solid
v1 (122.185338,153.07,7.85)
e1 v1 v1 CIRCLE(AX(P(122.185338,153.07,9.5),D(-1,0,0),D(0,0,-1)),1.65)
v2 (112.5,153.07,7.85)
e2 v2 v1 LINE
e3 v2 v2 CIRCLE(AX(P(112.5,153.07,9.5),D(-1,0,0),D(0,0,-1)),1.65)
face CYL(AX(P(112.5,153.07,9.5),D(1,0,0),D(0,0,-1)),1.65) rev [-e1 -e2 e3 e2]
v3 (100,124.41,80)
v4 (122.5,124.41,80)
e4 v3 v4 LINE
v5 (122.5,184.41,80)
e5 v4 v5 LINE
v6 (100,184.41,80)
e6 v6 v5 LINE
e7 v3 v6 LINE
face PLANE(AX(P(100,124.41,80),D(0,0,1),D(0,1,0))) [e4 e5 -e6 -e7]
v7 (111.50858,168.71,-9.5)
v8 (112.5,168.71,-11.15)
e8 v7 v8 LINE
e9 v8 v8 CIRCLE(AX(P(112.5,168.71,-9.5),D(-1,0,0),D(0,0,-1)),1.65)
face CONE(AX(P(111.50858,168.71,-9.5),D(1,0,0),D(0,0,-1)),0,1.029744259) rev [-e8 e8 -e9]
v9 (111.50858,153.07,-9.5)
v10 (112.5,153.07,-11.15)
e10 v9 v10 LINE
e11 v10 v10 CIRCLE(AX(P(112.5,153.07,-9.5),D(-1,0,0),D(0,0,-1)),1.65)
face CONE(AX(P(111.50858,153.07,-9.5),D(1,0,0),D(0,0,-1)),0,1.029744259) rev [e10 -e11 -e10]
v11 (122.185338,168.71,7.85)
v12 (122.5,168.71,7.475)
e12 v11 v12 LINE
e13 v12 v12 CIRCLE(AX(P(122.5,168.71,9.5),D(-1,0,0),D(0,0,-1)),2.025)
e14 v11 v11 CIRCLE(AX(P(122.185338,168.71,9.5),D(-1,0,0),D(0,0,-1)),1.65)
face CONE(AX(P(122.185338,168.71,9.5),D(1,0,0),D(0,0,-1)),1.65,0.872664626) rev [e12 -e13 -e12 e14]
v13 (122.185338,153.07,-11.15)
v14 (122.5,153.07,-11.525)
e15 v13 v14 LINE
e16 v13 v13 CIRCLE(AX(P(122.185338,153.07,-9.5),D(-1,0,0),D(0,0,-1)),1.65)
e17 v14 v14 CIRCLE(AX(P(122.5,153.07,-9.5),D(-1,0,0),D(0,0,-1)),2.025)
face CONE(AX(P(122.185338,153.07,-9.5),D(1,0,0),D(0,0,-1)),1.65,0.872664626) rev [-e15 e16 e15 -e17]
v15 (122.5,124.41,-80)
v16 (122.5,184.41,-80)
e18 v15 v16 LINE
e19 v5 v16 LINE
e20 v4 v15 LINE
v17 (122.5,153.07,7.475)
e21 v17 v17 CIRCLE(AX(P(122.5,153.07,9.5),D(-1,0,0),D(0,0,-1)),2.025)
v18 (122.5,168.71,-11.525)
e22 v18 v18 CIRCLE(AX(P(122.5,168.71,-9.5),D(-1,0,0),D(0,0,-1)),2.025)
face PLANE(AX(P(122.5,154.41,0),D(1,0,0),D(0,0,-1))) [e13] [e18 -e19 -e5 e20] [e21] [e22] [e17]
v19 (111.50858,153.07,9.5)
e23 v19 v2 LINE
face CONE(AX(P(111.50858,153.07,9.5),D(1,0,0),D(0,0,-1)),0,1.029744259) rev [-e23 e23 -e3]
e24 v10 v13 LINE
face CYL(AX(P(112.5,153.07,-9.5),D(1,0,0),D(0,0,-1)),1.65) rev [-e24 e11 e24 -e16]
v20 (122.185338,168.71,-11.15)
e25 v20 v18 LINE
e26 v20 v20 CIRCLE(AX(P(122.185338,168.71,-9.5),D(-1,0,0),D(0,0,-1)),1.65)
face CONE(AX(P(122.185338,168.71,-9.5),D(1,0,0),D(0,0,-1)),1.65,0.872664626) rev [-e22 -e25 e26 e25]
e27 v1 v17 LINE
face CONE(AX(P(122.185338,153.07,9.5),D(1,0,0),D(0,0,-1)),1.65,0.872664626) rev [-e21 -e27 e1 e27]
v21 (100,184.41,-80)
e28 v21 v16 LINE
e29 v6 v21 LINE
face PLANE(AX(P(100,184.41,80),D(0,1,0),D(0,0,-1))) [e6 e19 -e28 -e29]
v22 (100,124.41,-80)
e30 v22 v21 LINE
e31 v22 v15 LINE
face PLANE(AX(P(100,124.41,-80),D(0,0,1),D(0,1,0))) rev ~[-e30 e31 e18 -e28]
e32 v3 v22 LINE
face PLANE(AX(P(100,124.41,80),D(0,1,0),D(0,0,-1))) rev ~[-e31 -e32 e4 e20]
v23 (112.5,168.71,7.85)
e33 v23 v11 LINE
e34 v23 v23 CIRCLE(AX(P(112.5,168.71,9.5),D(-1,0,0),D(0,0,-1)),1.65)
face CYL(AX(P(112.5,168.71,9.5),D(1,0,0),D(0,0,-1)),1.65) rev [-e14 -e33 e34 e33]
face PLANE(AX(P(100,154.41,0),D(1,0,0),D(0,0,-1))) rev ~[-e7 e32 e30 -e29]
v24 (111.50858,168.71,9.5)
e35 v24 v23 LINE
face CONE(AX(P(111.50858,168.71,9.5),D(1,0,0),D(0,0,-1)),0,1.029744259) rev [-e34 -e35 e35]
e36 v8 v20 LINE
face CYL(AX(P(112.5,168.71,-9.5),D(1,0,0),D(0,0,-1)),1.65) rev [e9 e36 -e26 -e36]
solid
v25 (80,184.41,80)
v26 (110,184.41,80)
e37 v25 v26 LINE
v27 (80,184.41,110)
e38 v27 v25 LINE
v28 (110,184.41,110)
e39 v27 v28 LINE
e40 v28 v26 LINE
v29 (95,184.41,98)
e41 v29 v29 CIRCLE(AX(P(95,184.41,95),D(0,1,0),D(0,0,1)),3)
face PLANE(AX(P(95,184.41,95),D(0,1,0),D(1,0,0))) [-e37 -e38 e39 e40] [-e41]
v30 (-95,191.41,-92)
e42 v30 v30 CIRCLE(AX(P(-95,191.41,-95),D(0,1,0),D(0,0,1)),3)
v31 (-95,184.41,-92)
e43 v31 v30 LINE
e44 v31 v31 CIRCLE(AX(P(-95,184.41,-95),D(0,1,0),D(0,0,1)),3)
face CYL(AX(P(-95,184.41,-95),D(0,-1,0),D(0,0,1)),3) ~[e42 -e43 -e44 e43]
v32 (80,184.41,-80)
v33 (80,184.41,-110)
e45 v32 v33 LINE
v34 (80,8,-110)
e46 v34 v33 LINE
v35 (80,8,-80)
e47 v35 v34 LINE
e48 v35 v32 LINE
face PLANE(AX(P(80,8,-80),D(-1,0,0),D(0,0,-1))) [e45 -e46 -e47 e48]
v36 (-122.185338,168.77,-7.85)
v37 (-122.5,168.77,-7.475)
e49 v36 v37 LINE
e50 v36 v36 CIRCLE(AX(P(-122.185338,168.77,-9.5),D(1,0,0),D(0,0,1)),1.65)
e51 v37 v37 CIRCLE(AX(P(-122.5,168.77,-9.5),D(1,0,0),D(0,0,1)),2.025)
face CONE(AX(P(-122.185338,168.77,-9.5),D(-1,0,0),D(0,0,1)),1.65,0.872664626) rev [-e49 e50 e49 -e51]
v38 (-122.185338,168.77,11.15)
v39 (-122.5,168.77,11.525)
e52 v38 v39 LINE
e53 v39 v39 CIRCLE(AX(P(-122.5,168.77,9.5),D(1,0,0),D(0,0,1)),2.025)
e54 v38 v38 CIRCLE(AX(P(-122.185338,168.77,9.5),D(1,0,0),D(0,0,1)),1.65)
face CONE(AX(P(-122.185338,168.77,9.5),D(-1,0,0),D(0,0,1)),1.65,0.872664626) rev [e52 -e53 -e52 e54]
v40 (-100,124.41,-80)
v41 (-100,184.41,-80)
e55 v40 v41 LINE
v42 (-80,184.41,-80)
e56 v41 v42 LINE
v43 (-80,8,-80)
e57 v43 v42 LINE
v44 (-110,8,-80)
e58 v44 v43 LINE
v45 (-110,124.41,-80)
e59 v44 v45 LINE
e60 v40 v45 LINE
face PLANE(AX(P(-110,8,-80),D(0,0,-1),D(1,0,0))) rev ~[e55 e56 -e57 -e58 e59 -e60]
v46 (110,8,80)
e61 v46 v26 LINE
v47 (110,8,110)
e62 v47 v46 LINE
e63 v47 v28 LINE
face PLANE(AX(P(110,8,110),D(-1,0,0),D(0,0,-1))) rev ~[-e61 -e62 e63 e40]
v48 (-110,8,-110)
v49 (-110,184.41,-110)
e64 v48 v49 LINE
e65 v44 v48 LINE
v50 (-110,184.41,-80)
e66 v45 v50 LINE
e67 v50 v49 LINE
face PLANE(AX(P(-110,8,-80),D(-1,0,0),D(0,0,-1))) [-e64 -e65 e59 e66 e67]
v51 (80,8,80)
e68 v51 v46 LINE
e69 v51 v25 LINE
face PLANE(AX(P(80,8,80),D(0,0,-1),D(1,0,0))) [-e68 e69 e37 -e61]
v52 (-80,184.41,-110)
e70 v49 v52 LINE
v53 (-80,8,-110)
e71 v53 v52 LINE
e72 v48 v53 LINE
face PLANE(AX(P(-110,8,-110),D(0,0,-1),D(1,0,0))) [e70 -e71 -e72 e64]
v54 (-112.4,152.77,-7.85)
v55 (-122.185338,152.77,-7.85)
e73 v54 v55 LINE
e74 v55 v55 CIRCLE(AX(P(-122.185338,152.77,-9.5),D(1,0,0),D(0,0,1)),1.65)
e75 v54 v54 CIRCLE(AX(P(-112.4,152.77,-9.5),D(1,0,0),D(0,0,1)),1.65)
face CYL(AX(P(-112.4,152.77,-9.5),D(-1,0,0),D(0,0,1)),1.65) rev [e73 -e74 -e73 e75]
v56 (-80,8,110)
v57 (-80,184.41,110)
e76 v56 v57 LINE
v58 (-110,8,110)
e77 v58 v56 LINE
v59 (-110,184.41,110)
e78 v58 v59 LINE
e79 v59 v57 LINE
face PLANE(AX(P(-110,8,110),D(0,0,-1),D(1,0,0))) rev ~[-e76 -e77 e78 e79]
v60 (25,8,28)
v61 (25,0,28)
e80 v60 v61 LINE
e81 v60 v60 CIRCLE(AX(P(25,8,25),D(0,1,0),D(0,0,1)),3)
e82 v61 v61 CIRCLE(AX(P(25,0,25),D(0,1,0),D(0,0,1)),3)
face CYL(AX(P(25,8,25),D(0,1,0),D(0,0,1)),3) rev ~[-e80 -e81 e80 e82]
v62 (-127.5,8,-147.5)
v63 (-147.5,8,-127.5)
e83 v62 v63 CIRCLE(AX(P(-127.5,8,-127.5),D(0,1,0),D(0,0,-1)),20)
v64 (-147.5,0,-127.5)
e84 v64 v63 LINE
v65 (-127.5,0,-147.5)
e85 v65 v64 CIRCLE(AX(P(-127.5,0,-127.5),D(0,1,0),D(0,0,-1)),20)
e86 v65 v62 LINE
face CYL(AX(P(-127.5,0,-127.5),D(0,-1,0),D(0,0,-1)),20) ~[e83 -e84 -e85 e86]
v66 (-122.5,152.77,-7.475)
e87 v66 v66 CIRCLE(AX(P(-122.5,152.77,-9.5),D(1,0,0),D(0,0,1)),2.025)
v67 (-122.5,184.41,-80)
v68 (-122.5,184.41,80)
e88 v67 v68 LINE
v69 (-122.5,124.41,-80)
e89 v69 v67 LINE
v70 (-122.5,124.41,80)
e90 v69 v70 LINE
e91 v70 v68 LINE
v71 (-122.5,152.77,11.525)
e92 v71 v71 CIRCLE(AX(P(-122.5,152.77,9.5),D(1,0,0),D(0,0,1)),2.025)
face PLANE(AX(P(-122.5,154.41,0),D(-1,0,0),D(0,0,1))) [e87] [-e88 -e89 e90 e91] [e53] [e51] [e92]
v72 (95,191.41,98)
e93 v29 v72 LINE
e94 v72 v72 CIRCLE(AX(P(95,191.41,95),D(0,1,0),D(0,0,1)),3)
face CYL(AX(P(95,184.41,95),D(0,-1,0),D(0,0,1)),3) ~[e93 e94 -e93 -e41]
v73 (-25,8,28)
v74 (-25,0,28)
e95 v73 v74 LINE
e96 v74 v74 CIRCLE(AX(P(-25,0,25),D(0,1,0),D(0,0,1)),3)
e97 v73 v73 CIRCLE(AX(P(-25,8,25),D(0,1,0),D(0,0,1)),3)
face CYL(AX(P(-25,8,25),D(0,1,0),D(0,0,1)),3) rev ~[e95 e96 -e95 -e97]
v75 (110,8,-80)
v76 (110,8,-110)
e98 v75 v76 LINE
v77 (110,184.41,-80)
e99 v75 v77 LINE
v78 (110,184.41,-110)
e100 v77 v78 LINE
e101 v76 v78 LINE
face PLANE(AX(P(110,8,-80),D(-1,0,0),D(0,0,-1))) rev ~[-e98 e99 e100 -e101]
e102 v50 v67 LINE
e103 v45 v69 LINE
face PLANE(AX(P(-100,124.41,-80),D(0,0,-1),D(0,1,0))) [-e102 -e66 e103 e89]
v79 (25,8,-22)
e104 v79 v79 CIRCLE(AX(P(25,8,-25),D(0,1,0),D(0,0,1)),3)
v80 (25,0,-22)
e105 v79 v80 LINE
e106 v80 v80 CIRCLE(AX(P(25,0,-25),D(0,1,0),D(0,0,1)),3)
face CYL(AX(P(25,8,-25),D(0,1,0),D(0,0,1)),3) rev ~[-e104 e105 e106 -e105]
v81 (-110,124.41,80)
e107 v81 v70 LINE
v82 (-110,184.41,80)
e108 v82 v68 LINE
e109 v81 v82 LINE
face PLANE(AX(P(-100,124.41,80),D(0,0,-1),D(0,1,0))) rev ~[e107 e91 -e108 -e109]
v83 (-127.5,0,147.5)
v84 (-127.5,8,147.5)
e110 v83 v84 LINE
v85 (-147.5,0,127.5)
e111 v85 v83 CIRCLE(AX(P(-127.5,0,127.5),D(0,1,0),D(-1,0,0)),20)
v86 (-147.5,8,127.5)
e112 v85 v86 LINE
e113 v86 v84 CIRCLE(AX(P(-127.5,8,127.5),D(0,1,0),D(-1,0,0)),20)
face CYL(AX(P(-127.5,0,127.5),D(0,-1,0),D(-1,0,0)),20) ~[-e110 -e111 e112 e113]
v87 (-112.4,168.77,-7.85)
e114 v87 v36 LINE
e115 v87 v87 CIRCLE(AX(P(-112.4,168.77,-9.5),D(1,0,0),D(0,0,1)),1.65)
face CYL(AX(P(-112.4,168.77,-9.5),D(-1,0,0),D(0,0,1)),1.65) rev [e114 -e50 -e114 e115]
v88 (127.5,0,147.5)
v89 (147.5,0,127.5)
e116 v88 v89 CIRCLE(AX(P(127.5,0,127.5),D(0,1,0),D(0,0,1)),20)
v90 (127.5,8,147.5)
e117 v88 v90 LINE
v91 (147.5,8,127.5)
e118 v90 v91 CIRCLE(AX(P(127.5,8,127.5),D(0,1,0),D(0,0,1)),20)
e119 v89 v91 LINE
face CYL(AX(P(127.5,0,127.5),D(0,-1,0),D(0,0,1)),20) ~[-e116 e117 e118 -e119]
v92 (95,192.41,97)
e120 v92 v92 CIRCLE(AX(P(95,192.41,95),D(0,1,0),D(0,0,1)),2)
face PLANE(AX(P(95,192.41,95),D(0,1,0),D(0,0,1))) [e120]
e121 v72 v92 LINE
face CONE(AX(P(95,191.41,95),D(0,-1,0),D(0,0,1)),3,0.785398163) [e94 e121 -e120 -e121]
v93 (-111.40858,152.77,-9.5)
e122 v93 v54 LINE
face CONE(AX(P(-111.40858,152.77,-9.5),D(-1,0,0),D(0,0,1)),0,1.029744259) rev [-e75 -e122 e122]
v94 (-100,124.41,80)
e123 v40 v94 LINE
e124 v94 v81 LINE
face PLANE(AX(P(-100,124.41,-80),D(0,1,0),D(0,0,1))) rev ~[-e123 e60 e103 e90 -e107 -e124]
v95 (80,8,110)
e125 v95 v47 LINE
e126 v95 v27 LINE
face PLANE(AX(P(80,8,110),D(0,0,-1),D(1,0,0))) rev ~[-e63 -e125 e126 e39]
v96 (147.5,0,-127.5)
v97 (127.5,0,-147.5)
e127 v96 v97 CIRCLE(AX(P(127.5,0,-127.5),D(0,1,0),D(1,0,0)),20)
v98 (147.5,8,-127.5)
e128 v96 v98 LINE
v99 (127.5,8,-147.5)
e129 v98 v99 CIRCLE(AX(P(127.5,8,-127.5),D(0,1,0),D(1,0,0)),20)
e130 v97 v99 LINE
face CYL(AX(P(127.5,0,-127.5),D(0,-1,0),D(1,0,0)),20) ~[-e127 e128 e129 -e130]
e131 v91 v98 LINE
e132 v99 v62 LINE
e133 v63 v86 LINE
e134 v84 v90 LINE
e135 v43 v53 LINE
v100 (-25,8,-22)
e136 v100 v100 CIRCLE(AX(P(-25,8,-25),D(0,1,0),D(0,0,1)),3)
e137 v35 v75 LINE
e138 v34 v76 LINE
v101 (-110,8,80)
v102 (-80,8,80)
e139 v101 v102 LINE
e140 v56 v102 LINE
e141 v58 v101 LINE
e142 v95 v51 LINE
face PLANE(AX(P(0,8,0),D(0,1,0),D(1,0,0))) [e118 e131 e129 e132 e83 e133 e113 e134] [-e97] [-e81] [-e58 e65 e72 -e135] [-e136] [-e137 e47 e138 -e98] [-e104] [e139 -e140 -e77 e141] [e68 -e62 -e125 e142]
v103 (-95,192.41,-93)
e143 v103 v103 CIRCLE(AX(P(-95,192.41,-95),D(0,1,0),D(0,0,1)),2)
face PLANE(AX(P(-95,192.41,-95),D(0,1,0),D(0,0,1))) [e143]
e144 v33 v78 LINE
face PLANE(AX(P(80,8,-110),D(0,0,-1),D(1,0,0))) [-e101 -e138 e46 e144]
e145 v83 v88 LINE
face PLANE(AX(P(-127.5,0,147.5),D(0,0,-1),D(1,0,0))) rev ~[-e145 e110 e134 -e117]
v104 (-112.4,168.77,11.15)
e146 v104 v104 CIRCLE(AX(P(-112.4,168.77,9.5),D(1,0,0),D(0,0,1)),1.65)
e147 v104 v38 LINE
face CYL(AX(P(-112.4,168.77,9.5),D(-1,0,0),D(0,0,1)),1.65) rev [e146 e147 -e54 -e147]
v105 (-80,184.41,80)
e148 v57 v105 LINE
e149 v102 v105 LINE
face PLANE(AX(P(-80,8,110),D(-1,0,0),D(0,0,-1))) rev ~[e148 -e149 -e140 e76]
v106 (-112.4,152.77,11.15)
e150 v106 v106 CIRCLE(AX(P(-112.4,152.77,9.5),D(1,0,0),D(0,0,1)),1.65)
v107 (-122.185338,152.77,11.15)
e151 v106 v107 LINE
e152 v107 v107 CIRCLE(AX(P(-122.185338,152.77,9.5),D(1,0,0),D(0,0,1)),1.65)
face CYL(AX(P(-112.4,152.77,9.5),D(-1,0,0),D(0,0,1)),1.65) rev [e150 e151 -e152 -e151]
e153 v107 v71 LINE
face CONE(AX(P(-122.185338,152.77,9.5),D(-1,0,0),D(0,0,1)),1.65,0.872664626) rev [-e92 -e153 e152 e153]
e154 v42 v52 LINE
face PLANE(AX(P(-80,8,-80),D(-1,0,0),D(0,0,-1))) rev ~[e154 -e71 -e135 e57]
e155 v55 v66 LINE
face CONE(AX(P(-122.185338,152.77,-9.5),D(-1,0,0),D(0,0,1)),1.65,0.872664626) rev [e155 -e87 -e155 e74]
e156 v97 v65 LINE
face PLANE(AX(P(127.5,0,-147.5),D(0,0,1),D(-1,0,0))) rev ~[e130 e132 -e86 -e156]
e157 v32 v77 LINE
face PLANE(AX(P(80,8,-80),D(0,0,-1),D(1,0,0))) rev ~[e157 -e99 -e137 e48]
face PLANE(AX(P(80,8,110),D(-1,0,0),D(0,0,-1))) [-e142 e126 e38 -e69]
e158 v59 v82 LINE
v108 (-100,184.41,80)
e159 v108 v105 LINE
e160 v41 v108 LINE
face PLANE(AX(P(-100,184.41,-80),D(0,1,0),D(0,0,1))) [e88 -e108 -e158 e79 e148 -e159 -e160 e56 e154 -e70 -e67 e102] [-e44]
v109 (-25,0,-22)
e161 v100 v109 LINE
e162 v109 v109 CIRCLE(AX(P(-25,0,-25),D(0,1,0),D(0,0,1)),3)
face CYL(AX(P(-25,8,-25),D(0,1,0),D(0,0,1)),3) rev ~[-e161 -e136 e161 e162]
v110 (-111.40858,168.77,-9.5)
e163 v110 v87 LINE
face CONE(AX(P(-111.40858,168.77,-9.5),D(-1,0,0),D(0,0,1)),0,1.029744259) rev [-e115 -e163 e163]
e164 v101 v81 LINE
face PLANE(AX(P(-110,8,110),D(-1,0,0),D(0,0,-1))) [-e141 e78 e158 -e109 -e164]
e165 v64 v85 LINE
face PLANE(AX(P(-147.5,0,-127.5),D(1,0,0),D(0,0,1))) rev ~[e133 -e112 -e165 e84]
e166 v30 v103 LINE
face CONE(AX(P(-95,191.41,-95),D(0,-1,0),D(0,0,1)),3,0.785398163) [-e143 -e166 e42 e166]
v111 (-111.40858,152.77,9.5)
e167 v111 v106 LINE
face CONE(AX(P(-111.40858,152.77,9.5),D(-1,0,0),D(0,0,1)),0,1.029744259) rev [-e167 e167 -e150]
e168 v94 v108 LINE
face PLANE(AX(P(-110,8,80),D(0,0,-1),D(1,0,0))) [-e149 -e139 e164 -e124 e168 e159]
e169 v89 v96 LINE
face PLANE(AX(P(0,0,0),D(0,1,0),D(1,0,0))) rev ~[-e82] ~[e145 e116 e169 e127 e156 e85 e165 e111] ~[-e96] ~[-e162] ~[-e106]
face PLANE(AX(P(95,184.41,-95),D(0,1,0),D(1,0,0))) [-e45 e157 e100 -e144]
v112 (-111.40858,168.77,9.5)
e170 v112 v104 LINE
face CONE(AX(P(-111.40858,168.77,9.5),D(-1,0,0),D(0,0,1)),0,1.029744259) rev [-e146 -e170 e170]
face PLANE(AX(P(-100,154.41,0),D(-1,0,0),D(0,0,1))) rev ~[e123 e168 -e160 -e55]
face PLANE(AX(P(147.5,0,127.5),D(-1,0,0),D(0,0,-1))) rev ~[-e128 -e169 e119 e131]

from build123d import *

# Parameters (mm, degrees)
BOSS_EXTRUDE1_DEPTH            = 8
SKETCH3_W                      = 30
SKETCH3_H                      = 30
BOSS_EXTRUDE2_DEPTH            = 176.41
SKETCH5_R                      = 3
BOSS_EXTRUDE3_DEPTH            = 8
SKETCH6_R                      = 3
BOSS_EXTRUDE4_DEPTH            = 8
CHAMFER1_SIZE                  = 1
BOSS_EXTRUDE5_DEPTH            = 12.5
BOSS_EXTRUDE5_DEPTH_BACK       = 10
SKETCH7_W                      = 160
SKETCH7_H                      = 60
BOSS_EXTRUDE6_DEPTH            = 12.5
BOSS_EXTRUDE6_DEPTH_BACK       = 10
SKETCH9_W                      = 160
SKETCH9_H                      = 60
M4X0_7_TAPPED_HOLE1_AT_2_COUNT = 2
M4X0_7_TAPPED_HOLE1_AT_2_PITCH = 15.64
M4X0_7_TAPPED_HOLE1_AT_3_COUNT = 2
M4X0_7_TAPPED_HOLE1_AT_3_PITCH = 19
M4X0_7_TAPPED_HOLE1_AT_4_COUNT = 2
M4X0_7_TAPPED_HOLE1_AT_4_PITCH = 24.609136515
M4X0_7_TAPPED_HOLE2_AT_2_COUNT = 2
M4X0_7_TAPPED_HOLE2_AT_2_PITCH = 16
M4X0_7_TAPPED_HOLE2_AT_3_COUNT = 2
M4X0_7_TAPPED_HOLE2_AT_3_PITCH = 19
M4X0_7_TAPPED_HOLE2_AT_4_COUNT = 2
M4X0_7_TAPPED_HOLE2_AT_4_PITCH = 24.839484697
SKETCH15_R                     = 3
CUT_EXTRUDE1_DEPTH             = 10


with BuildPart() as part:
    # Sketch2 → Boss-Extrude1 (new body)
    with BuildSketch(Plane(origin=(0, 0, 0), x_dir=(1, 0, 0), z_dir=(0, 1, 0))):
        with BuildLine():
            Line((-127.5, -147.5), (127.5, -147.5))
            ThreePointArc((127.5, -147.5), (141.642135624, -141.642135624), (147.5, -127.5))
            Line((147.5, -127.5), (147.5, 127.5))
            ThreePointArc((147.5, 127.5), (141.642135624, 141.642135624), (127.5, 147.5))
            Line((127.5, 147.5), (-127.5, 147.5))
            ThreePointArc((-127.5, 147.5), (-141.642135624, 141.642135624), (-147.5, 127.5))
            Line((-147.5, 127.5), (-147.5, -127.5))
            ThreePointArc((-147.5, -127.5), (-141.642135624, -141.642135624), (-127.5, -147.5))
        make_face()
    extrude(amount=BOSS_EXTRUDE1_DEPTH)

    # Sketch3 → Boss-Extrude2 (add)
    with BuildSketch(Plane(origin=(0, 8, 0), x_dir=(1, 0, 0), z_dir=(0, 1, 0))):
        with Locations((-95, 95)):
            Rectangle(SKETCH3_W, SKETCH3_H)
        with Locations((95, 95)):
            Rectangle(SKETCH3_W, SKETCH3_H)
        with Locations((95, -95)):
            Rectangle(SKETCH3_W, SKETCH3_H)
        with Locations((-95, -95)):
            Rectangle(SKETCH3_W, SKETCH3_H)
    extrude(amount=BOSS_EXTRUDE2_DEPTH)

    # Sketch5 → Boss-Extrude3 (add)
    with BuildSketch(Plane(origin=(0, 184.41, 0), x_dir=(1, 0, 0), z_dir=(0, 1, 0))):
        with Locations((-95, 95)):
            Circle(SKETCH5_R)
    extrude(amount=BOSS_EXTRUDE3_DEPTH)

    # Sketch6 → Boss-Extrude4 (add)
    with BuildSketch(Plane(origin=(0, 184.41, 0), x_dir=(1, 0, 0), z_dir=(0, 1, 0))):
        with Locations((95, -95)):
            Circle(SKETCH6_R)
    extrude(amount=BOSS_EXTRUDE4_DEPTH)

    # Chamfer1
    chamfer1_edges = [part.edges().sort_by_distance(p)[0] for p in [
        (-98, 192.41, -95),
        (92, 192.41, 95),
    ]]
    chamfer(chamfer1_edges, length=CHAMFER1_SIZE)

    # Sketch9 → Boss-Extrude6 (add, two sides: drawn at the far end of the back side and taken through both)
    with BuildSketch(Plane.ZY.offset(110).offset(-BOSS_EXTRUDE6_DEPTH_BACK)):
        with Locations((0, 154.41)):
            Rectangle(SKETCH9_W, SKETCH9_H)
    extrude(amount=BOSS_EXTRUDE6_DEPTH + BOSS_EXTRUDE6_DEPTH_BACK)

    # Sketch14 → M4x0.7 Tapped Hole2 (revolve, cut)
    with BuildSketch(Plane(origin=(-122.5, 168.77, -9.5), x_dir=(0, 0, 1), z_dir=(0, 1, 0))):
        Polygon((0, 0), (0, 11.091420021), (1.65, 10.1), (1.65, 0.314662362), (2.025, 0), align=None)
    m4x0_7_tapped_hole2 = revolve(axis=Axis((-128.85, 168.77, -9.5), (1, 0, 0)), mode=Mode.SUBTRACT)

    # M4x0.7 Tapped Hole2 at 2: M4x0.7 Tapped Hole2 ×2
    with Locations(*[(0, -i * M4X0_7_TAPPED_HOLE2_AT_2_PITCH, 0) for i in range(1, M4X0_7_TAPPED_HOLE2_AT_2_COUNT)]):
        add(m4x0_7_tapped_hole2, mode=Mode.SUBTRACT)

    # M4x0.7 Tapped Hole2 at 3: M4x0.7 Tapped Hole2 ×2
    with Locations(*[(0, 0, i * M4X0_7_TAPPED_HOLE2_AT_3_PITCH) for i in range(1, M4X0_7_TAPPED_HOLE2_AT_3_COUNT)]):
        add(m4x0_7_tapped_hole2, mode=Mode.SUBTRACT)

    # M4x0.7 Tapped Hole2 at 4: M4x0.7 Tapped Hole2 ×2
    with Locations(*[Vector(0, -0.6441357457827805, 0.7649111981170502) * (i * M4X0_7_TAPPED_HOLE2_AT_4_PITCH) for i in range(1, M4X0_7_TAPPED_HOLE2_AT_4_COUNT)]):
        add(m4x0_7_tapped_hole2, mode=Mode.SUBTRACT)

    # Sketch15 → Cut-Extrude1 (cut)
    with BuildSketch(Plane(origin=(0, 8, 0), x_dir=(1, 0, 0), z_dir=(0, 1, 0))):
        with Locations((-25, 25)):
            Circle(SKETCH15_R)
        with Locations((25, 25)):
            Circle(SKETCH15_R)
        with Locations((25, -25)):
            Circle(SKETCH15_R)
        with Locations((-25, -25)):
            Circle(SKETCH15_R)
    extrude(amount=-CUT_EXTRUDE1_DEPTH, mode=Mode.SUBTRACT)


with BuildPart() as body_2:
    # Sketch7 → Boss-Extrude5 (new, two sides: drawn at the far end of the back side and taken through both)
    with BuildSketch(Plane(origin=(110, 0, 0), x_dir=(0, 0, -1), z_dir=(1, 0, 0)).offset(-BOSS_EXTRUDE5_DEPTH_BACK)):
        with Locations((0, 154.41)):
            Rectangle(SKETCH7_W, SKETCH7_H)
    extrude(amount=BOSS_EXTRUDE5_DEPTH + BOSS_EXTRUDE5_DEPTH_BACK)

    # Sketch11 → M4x0.7 Tapped Hole1 (revolve, cut)
    with BuildSketch(Plane(origin=(122.5, 168.71, -9.5), x_dir=(0, 0, -1), z_dir=(0, 1, 0))):
        Polygon((0, 0), (0, 10.991420021), (1.65, 10), (1.65, 0.314662362), (2.025, 0), align=None)
    m4x0_7_tapped_hole1 = revolve(axis=Axis((128.85, 168.71, -9.5), (-1, 0, 0)), mode=Mode.SUBTRACT)

    # M4x0.7 Tapped Hole1 at 2: M4x0.7 Tapped Hole1 ×2
    with Locations(*[(0, -i * M4X0_7_TAPPED_HOLE1_AT_2_PITCH, 0) for i in range(1, M4X0_7_TAPPED_HOLE1_AT_2_COUNT)]):
        add(m4x0_7_tapped_hole1, mode=Mode.SUBTRACT)

    # M4x0.7 Tapped Hole1 at 3: M4x0.7 Tapped Hole1 ×2
    with Locations(*[(0, 0, i * M4X0_7_TAPPED_HOLE1_AT_3_PITCH) for i in range(1, M4X0_7_TAPPED_HOLE1_AT_3_COUNT)]):
        add(m4x0_7_tapped_hole1, mode=Mode.SUBTRACT)

    # M4x0.7 Tapped Hole1 at 4: M4x0.7 Tapped Hole1 ×2
    with Locations(*[Vector(0, -0.6355363176049079, 0.7720709740724577) * (i * M4X0_7_TAPPED_HOLE1_AT_4_PITCH) for i in range(1, M4X0_7_TAPPED_HOLE1_AT_4_COUNT)]):
        add(m4x0_7_tapped_hole1, mode=Mode.SUBTRACT)


solid = Compound([part.part, body_2.part])
